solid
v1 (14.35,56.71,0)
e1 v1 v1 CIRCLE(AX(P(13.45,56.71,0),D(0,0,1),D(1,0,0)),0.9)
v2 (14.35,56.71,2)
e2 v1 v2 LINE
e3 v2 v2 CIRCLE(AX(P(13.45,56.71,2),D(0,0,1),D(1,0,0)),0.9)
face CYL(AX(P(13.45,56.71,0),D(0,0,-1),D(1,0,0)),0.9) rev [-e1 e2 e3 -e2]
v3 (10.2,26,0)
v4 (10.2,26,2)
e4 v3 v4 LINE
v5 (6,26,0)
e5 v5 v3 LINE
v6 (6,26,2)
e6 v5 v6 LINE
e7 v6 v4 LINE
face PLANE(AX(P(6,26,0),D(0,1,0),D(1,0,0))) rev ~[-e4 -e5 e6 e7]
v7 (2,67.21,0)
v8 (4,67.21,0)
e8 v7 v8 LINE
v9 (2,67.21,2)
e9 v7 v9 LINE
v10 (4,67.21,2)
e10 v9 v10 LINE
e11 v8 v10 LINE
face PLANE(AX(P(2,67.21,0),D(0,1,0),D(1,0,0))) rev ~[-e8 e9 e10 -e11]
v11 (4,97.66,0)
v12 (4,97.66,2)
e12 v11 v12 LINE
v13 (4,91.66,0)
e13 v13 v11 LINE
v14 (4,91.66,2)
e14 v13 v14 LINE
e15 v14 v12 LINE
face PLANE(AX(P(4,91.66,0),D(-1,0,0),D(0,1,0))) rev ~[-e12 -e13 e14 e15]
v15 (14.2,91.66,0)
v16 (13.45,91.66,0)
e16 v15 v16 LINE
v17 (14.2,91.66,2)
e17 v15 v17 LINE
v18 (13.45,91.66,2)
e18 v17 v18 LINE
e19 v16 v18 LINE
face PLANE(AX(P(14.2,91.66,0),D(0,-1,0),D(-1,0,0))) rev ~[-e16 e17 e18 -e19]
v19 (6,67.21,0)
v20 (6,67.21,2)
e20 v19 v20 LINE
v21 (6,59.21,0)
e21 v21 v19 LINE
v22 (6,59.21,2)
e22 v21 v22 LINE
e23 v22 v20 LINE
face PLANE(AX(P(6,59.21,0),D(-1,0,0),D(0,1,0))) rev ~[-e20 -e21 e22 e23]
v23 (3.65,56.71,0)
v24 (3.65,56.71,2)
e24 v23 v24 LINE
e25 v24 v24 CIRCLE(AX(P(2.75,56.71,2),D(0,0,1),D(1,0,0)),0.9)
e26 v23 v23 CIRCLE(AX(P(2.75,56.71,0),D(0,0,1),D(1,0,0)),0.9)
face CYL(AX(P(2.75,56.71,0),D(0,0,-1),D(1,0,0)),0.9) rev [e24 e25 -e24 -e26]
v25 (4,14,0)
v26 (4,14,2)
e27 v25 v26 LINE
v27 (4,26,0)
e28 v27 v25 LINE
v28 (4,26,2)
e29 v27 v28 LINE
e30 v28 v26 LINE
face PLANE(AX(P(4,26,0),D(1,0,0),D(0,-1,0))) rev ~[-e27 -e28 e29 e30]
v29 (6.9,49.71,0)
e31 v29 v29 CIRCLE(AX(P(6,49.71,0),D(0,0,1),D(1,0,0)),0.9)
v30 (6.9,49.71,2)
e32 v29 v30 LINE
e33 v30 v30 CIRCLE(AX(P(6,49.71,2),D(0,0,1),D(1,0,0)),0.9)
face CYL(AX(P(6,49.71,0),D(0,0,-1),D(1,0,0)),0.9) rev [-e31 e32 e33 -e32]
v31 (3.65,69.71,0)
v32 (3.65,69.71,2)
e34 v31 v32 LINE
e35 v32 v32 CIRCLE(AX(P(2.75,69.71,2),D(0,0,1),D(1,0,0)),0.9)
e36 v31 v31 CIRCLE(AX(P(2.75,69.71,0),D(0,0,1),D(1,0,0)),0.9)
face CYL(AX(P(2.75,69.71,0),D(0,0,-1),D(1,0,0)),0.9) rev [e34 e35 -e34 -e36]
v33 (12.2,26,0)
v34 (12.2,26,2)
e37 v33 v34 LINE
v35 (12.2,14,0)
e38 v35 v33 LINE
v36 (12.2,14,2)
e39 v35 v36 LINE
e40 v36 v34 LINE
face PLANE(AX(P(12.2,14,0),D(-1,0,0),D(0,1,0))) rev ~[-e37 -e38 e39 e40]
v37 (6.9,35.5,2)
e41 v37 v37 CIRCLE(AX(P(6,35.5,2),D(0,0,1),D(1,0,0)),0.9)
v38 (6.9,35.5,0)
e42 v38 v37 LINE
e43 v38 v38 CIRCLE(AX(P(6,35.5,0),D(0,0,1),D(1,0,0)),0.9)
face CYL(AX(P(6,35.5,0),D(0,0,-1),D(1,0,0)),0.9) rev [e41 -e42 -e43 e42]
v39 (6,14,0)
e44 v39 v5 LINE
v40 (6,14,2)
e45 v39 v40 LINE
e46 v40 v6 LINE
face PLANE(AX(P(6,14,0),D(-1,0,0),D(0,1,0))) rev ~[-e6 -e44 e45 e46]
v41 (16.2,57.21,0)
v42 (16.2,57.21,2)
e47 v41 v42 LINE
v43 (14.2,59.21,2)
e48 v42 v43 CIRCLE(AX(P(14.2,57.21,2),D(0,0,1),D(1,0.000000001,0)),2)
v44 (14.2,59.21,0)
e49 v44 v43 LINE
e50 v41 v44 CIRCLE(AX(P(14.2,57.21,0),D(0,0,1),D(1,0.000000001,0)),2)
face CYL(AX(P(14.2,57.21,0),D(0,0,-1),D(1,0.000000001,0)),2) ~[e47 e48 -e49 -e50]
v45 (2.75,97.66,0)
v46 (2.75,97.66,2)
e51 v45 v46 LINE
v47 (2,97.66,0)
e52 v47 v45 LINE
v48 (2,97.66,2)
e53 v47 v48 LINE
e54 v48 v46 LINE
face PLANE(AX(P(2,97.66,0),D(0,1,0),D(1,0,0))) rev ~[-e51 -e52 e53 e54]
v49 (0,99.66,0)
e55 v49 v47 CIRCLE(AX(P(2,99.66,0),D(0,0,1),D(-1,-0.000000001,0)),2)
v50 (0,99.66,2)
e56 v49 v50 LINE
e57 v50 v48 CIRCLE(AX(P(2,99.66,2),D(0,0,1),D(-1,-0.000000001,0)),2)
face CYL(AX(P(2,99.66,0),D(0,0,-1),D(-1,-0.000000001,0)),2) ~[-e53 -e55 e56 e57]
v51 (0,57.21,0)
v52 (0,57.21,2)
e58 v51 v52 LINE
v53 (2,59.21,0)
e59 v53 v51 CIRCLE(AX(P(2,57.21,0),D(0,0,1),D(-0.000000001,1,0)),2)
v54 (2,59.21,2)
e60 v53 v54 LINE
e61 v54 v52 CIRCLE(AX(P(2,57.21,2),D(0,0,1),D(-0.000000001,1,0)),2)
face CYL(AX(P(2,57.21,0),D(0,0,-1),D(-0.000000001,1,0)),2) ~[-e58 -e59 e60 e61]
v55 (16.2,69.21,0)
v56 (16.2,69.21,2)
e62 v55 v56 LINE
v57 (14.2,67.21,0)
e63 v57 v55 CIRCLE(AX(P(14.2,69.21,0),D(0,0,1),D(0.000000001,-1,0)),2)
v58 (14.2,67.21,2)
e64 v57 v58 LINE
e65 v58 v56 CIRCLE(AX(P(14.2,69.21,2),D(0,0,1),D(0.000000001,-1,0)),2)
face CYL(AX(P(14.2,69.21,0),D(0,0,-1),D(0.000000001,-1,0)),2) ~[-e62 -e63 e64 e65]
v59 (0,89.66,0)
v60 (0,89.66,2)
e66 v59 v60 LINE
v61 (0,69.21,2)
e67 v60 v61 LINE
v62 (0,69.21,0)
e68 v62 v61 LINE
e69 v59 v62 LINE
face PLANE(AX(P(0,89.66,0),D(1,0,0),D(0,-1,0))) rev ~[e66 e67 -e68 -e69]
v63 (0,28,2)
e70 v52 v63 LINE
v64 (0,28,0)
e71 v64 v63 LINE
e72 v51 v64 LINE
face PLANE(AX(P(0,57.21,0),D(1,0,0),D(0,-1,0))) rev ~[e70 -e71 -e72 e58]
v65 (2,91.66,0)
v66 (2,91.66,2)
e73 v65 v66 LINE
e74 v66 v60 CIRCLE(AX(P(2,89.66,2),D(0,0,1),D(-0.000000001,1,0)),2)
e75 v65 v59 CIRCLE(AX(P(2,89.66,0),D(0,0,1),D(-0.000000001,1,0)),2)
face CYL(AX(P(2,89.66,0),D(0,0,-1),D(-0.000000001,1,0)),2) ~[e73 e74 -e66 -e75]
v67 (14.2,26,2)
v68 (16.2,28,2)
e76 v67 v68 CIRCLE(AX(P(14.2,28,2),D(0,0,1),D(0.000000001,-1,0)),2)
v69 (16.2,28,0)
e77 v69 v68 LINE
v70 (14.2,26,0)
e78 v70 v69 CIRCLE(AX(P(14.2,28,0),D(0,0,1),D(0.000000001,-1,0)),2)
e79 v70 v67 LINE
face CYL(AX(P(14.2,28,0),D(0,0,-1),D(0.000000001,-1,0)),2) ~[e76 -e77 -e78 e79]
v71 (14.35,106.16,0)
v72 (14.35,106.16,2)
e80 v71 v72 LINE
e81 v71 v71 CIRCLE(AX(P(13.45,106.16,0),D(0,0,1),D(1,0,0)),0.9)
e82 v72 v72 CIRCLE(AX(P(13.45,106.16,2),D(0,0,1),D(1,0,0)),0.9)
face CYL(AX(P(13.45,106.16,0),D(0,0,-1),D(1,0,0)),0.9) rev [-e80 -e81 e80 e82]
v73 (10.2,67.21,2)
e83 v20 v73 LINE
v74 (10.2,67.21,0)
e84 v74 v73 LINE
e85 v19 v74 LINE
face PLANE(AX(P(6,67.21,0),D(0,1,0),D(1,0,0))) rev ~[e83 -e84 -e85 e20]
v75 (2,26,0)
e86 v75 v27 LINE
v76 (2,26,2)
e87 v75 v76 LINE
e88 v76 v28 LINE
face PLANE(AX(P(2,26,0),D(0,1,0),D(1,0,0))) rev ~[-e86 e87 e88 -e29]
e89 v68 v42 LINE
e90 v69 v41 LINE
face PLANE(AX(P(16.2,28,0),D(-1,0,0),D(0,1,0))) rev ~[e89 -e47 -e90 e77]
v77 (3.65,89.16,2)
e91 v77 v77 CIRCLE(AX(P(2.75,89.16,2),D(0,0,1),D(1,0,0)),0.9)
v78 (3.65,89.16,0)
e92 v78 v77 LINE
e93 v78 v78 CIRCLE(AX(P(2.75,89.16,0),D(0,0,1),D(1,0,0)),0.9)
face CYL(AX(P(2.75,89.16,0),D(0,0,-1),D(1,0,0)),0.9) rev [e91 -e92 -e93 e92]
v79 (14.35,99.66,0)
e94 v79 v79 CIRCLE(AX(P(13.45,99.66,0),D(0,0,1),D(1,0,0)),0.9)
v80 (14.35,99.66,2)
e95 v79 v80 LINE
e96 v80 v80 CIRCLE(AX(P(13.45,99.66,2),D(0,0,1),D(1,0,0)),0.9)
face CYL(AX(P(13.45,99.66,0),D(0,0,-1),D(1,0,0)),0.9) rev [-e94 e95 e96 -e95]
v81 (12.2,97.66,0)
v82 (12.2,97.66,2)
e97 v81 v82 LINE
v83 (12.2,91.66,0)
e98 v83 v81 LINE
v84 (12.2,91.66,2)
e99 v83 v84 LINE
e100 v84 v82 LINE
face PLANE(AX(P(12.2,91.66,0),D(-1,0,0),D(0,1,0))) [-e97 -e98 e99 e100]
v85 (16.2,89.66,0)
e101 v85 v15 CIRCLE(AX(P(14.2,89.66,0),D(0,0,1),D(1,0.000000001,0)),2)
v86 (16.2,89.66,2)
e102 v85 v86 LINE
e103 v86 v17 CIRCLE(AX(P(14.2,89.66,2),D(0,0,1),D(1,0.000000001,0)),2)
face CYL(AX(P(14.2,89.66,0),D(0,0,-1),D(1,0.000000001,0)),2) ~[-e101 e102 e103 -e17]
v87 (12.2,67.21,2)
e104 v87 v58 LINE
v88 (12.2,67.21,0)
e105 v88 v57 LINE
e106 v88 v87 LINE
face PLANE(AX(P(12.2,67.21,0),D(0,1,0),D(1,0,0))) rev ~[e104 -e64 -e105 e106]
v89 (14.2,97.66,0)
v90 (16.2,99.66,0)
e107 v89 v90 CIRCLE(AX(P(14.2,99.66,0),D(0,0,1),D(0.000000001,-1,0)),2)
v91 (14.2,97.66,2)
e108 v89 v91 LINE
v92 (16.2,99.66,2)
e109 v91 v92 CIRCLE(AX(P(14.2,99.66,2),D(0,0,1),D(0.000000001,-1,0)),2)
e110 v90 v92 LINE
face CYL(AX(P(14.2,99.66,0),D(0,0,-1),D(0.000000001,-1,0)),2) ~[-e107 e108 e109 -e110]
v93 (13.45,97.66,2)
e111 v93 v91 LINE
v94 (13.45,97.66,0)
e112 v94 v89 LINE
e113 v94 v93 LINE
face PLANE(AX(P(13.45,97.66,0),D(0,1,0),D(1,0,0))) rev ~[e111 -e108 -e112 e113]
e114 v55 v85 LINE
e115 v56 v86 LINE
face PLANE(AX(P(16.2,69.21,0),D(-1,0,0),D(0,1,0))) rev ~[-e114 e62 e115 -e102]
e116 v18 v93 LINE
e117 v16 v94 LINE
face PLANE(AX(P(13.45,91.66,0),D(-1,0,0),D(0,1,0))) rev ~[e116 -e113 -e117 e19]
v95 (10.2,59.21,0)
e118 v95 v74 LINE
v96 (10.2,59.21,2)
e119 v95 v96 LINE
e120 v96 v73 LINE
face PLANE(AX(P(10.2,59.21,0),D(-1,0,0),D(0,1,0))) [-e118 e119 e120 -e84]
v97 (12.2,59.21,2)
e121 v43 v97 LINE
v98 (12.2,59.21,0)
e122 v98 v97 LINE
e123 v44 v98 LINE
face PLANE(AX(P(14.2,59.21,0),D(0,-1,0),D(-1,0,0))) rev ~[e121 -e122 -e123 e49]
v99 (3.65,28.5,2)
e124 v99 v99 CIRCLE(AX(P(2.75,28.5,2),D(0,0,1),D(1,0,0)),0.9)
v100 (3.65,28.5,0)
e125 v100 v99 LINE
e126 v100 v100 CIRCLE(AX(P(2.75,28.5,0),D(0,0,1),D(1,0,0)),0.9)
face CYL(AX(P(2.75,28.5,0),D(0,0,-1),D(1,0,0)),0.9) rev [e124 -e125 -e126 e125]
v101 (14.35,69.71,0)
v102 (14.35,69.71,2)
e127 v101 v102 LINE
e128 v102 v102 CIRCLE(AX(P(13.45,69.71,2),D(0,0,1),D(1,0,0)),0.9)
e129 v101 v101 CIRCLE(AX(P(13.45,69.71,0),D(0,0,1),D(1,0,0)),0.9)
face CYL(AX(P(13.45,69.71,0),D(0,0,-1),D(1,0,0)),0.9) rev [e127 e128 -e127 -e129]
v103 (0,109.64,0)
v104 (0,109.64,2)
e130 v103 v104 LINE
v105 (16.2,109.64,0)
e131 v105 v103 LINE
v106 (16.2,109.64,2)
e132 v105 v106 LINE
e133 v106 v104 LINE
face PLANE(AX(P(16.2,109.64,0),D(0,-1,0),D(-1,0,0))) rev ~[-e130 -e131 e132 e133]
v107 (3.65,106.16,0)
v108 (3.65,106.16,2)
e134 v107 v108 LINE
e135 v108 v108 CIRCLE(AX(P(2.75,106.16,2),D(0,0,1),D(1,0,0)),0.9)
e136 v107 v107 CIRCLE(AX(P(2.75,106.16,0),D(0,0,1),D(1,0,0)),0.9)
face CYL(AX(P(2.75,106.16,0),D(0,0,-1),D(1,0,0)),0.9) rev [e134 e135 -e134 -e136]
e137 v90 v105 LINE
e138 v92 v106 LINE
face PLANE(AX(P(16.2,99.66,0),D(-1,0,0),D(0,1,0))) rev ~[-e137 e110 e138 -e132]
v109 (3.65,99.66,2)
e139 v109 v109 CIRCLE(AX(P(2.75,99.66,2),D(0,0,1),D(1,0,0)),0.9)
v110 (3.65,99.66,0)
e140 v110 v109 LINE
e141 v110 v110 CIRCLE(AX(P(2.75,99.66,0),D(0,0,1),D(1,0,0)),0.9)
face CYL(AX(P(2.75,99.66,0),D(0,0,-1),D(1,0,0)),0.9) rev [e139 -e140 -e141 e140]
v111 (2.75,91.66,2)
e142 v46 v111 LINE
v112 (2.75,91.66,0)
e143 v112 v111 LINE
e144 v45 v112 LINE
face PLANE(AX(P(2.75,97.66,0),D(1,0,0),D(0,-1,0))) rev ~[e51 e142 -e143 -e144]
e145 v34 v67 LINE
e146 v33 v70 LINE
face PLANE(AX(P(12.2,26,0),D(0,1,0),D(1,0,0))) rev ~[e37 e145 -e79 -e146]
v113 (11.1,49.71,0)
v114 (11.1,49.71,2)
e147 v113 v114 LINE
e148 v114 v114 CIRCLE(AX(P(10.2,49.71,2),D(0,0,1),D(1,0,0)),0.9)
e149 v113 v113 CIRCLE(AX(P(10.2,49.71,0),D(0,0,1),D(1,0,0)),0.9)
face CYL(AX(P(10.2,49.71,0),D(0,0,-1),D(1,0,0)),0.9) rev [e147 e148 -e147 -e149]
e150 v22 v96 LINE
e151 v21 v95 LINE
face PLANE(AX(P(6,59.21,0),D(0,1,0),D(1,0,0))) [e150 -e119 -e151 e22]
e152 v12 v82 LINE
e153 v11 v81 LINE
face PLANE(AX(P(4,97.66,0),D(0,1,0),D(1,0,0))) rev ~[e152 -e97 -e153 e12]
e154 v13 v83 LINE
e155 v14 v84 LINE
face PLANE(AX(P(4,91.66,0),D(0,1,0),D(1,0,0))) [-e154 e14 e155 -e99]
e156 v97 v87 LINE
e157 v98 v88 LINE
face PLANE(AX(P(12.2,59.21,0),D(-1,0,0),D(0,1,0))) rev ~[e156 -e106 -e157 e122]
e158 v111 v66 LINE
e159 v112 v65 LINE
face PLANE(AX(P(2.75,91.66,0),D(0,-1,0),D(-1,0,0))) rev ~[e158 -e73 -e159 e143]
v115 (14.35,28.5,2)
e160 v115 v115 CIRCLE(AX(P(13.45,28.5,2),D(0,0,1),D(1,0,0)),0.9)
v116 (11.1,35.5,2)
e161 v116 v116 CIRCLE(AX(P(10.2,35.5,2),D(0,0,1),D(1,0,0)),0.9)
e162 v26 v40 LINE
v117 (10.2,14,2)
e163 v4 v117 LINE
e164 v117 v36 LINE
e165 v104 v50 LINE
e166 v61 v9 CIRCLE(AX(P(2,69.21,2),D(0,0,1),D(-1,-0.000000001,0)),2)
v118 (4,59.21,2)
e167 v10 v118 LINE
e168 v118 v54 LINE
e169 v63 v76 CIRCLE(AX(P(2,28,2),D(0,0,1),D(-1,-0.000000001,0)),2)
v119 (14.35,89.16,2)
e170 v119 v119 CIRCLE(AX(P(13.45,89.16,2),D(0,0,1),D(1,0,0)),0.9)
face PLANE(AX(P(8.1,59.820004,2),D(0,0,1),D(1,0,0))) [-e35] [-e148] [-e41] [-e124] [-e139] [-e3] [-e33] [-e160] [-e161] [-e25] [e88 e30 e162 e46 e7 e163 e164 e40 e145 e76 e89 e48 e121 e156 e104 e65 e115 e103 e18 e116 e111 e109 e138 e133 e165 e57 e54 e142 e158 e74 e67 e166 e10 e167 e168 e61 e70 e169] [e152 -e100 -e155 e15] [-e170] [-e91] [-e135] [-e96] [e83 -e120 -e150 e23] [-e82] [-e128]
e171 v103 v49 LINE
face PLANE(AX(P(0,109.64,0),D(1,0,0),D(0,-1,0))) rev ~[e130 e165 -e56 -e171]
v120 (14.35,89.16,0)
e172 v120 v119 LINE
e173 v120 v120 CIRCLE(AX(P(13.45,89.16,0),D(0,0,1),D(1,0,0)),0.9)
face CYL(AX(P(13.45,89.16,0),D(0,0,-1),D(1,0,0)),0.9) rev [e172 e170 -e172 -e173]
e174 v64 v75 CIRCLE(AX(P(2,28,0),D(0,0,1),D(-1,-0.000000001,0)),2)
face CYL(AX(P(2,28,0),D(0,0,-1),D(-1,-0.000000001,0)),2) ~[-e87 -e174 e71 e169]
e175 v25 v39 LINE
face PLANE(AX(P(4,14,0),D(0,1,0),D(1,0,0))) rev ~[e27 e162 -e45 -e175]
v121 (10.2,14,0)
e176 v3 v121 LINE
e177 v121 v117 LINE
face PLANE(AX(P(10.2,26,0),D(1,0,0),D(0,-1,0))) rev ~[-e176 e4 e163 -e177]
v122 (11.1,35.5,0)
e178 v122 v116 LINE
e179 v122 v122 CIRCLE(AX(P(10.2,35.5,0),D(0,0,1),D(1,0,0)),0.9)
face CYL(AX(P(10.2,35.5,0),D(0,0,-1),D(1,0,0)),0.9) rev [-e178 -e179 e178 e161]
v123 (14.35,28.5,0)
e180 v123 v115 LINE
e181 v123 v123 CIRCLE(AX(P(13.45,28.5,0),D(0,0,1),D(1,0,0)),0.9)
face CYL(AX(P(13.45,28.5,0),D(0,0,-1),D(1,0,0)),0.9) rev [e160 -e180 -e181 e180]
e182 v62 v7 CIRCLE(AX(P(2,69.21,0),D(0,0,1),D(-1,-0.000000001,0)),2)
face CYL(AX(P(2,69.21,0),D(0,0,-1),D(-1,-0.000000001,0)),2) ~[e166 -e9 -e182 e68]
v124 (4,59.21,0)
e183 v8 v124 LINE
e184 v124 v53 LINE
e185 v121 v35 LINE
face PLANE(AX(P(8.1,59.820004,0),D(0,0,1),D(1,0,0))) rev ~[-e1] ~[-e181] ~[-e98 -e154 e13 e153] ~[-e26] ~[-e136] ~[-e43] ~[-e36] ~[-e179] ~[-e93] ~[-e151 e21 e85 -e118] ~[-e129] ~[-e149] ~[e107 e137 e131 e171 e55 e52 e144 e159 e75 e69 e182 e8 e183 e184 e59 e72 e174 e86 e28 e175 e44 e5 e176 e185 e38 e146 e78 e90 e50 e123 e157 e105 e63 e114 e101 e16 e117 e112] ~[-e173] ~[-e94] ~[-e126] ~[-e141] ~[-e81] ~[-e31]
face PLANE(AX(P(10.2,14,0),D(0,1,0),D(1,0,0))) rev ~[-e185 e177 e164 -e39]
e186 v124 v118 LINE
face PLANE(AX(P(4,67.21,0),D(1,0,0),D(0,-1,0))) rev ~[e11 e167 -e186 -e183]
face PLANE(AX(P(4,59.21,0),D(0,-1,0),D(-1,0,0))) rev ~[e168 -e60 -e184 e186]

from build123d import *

# Parameters (mm, degrees)
SKETCH1_R           = 0.9
SKETCH1_W           = 4.2
SKETCH1_H           = 8
SKETCH1_W_2         = 8.2
SKETCH1_H_2         = 6
BOSS_EXTRUDE1_DEPTH = 2


with BuildPart() as part:
    # Sketch1 → Boss-Extrude1 (new body)
    with BuildSketch(Plane.XY):
        with BuildLine():
            Line((16.2, 109.64), (0, 109.64))
            Line((0, 109.64), (0, 99.66))
            ThreePointArc((0, 99.66), (0.585786438, 98.245786438), (2, 97.66))
            Line((2, 97.66), (2.75, 97.66))
            Line((2.75, 97.66), (2.75, 91.66))
            Line((2.75, 91.66), (2, 91.66))
            ThreePointArc((2, 91.66), (0.585786438, 91.074213562), (0, 89.66))
            Line((0, 89.66), (0, 69.21))
            ThreePointArc((0, 69.21), (0.585786438, 67.795786438), (2, 67.21))
            Line((2, 67.21), (4, 67.21))
            Line((4, 67.21), (4, 59.21))
            Line((4, 59.21), (2, 59.21))
            ThreePointArc((2, 59.21), (0.585786438, 58.624213562), (0, 57.21))
            Line((0, 57.21), (0, 28))
            ThreePointArc((0, 28), (0.585786438, 26.585786438), (2, 26))
            Line((2, 26), (4, 26))
            Line((4, 26), (4, 14))
            Line((4, 14), (6, 14))
            Line((6, 14), (6, 26))
            Line((6, 26), (10.2, 26))
            Line((10.2, 26), (10.2, 14))
            Line((10.2, 14), (12.2, 14))
            Line((12.2, 14), (12.2, 26))
            Line((12.2, 26), (14.2, 26))
            ThreePointArc((14.2, 26), (15.614213562, 26.585786438), (16.2, 28))
            Line((16.2, 28), (16.2, 57.21))
            ThreePointArc((16.2, 57.21), (15.614213562, 58.624213562), (14.2, 59.21))
            Line((14.2, 59.21), (12.2, 59.21))
            Line((12.2, 59.21), (12.2, 67.21))
            Line((12.2, 67.21), (14.2, 67.21))
            ThreePointArc((14.2, 67.21), (15.614213562, 67.795786438), (16.2, 69.21))
            Line((16.2, 69.21), (16.2, 89.66))
            ThreePointArc((16.2, 89.66), (15.614213562, 91.074213562), (14.2, 91.66))
            Line((14.2, 91.66), (13.45, 91.66))
            Line((13.45, 91.66), (13.45, 97.66))
            Line((13.45, 97.66), (14.2, 97.66))
            ThreePointArc((14.2, 97.66), (15.614213562, 98.245786438), (16.2, 99.66))
            Line((16.2, 99.66), (16.2, 109.64))
        make_face()
        with Locations((13.45, 56.71)):
            Circle(SKETCH1_R, mode=Mode.SUBTRACT)
        with Locations((10.2, 49.71)):
            Circle(SKETCH1_R, mode=Mode.SUBTRACT)
        with Locations((13.45, 106.16)):
            Circle(SKETCH1_R, mode=Mode.SUBTRACT)
        with Locations((2.75, 99.66)):
            Circle(SKETCH1_R, mode=Mode.SUBTRACT)
        with Locations((6, 49.71)):
            Circle(SKETCH1_R, mode=Mode.SUBTRACT)
        with Locations((2.75, 28.5)):
            Circle(SKETCH1_R, mode=Mode.SUBTRACT)
        with Locations((2.75, 89.16)):
            Circle(SKETCH1_R, mode=Mode.SUBTRACT)
        with Locations((2.75, 56.71)):
            Circle(SKETCH1_R, mode=Mode.SUBTRACT)
        with Locations((13.45, 89.16)):
            Circle(SKETCH1_R, mode=Mode.SUBTRACT)
        with Locations((13.45, 99.66)):
            Circle(SKETCH1_R, mode=Mode.SUBTRACT)
        with Locations((13.45, 69.71)):
            Circle(SKETCH1_R, mode=Mode.SUBTRACT)
        with Locations((6, 35.5)):
            Circle(SKETCH1_R, mode=Mode.SUBTRACT)
        with Locations((2.75, 106.16)):
            Circle(SKETCH1_R, mode=Mode.SUBTRACT)
        with Locations((10.2, 35.5)):
            Circle(SKETCH1_R, mode=Mode.SUBTRACT)
        with Locations((2.75, 69.71)):
            Circle(SKETCH1_R, mode=Mode.SUBTRACT)
        with Locations((13.45, 28.5)):
            Circle(SKETCH1_R, mode=Mode.SUBTRACT)
        with Locations((8.1, 63.21)):
            Rectangle(SKETCH1_W, SKETCH1_H, mode=Mode.SUBTRACT)
        with Locations((8.1, 94.66)):
            Rectangle(SKETCH1_W_2, SKETCH1_H_2, mode=Mode.SUBTRACT)
    extrude(amount=BOSS_EXTRUDE1_DEPTH)


solid = part.part
